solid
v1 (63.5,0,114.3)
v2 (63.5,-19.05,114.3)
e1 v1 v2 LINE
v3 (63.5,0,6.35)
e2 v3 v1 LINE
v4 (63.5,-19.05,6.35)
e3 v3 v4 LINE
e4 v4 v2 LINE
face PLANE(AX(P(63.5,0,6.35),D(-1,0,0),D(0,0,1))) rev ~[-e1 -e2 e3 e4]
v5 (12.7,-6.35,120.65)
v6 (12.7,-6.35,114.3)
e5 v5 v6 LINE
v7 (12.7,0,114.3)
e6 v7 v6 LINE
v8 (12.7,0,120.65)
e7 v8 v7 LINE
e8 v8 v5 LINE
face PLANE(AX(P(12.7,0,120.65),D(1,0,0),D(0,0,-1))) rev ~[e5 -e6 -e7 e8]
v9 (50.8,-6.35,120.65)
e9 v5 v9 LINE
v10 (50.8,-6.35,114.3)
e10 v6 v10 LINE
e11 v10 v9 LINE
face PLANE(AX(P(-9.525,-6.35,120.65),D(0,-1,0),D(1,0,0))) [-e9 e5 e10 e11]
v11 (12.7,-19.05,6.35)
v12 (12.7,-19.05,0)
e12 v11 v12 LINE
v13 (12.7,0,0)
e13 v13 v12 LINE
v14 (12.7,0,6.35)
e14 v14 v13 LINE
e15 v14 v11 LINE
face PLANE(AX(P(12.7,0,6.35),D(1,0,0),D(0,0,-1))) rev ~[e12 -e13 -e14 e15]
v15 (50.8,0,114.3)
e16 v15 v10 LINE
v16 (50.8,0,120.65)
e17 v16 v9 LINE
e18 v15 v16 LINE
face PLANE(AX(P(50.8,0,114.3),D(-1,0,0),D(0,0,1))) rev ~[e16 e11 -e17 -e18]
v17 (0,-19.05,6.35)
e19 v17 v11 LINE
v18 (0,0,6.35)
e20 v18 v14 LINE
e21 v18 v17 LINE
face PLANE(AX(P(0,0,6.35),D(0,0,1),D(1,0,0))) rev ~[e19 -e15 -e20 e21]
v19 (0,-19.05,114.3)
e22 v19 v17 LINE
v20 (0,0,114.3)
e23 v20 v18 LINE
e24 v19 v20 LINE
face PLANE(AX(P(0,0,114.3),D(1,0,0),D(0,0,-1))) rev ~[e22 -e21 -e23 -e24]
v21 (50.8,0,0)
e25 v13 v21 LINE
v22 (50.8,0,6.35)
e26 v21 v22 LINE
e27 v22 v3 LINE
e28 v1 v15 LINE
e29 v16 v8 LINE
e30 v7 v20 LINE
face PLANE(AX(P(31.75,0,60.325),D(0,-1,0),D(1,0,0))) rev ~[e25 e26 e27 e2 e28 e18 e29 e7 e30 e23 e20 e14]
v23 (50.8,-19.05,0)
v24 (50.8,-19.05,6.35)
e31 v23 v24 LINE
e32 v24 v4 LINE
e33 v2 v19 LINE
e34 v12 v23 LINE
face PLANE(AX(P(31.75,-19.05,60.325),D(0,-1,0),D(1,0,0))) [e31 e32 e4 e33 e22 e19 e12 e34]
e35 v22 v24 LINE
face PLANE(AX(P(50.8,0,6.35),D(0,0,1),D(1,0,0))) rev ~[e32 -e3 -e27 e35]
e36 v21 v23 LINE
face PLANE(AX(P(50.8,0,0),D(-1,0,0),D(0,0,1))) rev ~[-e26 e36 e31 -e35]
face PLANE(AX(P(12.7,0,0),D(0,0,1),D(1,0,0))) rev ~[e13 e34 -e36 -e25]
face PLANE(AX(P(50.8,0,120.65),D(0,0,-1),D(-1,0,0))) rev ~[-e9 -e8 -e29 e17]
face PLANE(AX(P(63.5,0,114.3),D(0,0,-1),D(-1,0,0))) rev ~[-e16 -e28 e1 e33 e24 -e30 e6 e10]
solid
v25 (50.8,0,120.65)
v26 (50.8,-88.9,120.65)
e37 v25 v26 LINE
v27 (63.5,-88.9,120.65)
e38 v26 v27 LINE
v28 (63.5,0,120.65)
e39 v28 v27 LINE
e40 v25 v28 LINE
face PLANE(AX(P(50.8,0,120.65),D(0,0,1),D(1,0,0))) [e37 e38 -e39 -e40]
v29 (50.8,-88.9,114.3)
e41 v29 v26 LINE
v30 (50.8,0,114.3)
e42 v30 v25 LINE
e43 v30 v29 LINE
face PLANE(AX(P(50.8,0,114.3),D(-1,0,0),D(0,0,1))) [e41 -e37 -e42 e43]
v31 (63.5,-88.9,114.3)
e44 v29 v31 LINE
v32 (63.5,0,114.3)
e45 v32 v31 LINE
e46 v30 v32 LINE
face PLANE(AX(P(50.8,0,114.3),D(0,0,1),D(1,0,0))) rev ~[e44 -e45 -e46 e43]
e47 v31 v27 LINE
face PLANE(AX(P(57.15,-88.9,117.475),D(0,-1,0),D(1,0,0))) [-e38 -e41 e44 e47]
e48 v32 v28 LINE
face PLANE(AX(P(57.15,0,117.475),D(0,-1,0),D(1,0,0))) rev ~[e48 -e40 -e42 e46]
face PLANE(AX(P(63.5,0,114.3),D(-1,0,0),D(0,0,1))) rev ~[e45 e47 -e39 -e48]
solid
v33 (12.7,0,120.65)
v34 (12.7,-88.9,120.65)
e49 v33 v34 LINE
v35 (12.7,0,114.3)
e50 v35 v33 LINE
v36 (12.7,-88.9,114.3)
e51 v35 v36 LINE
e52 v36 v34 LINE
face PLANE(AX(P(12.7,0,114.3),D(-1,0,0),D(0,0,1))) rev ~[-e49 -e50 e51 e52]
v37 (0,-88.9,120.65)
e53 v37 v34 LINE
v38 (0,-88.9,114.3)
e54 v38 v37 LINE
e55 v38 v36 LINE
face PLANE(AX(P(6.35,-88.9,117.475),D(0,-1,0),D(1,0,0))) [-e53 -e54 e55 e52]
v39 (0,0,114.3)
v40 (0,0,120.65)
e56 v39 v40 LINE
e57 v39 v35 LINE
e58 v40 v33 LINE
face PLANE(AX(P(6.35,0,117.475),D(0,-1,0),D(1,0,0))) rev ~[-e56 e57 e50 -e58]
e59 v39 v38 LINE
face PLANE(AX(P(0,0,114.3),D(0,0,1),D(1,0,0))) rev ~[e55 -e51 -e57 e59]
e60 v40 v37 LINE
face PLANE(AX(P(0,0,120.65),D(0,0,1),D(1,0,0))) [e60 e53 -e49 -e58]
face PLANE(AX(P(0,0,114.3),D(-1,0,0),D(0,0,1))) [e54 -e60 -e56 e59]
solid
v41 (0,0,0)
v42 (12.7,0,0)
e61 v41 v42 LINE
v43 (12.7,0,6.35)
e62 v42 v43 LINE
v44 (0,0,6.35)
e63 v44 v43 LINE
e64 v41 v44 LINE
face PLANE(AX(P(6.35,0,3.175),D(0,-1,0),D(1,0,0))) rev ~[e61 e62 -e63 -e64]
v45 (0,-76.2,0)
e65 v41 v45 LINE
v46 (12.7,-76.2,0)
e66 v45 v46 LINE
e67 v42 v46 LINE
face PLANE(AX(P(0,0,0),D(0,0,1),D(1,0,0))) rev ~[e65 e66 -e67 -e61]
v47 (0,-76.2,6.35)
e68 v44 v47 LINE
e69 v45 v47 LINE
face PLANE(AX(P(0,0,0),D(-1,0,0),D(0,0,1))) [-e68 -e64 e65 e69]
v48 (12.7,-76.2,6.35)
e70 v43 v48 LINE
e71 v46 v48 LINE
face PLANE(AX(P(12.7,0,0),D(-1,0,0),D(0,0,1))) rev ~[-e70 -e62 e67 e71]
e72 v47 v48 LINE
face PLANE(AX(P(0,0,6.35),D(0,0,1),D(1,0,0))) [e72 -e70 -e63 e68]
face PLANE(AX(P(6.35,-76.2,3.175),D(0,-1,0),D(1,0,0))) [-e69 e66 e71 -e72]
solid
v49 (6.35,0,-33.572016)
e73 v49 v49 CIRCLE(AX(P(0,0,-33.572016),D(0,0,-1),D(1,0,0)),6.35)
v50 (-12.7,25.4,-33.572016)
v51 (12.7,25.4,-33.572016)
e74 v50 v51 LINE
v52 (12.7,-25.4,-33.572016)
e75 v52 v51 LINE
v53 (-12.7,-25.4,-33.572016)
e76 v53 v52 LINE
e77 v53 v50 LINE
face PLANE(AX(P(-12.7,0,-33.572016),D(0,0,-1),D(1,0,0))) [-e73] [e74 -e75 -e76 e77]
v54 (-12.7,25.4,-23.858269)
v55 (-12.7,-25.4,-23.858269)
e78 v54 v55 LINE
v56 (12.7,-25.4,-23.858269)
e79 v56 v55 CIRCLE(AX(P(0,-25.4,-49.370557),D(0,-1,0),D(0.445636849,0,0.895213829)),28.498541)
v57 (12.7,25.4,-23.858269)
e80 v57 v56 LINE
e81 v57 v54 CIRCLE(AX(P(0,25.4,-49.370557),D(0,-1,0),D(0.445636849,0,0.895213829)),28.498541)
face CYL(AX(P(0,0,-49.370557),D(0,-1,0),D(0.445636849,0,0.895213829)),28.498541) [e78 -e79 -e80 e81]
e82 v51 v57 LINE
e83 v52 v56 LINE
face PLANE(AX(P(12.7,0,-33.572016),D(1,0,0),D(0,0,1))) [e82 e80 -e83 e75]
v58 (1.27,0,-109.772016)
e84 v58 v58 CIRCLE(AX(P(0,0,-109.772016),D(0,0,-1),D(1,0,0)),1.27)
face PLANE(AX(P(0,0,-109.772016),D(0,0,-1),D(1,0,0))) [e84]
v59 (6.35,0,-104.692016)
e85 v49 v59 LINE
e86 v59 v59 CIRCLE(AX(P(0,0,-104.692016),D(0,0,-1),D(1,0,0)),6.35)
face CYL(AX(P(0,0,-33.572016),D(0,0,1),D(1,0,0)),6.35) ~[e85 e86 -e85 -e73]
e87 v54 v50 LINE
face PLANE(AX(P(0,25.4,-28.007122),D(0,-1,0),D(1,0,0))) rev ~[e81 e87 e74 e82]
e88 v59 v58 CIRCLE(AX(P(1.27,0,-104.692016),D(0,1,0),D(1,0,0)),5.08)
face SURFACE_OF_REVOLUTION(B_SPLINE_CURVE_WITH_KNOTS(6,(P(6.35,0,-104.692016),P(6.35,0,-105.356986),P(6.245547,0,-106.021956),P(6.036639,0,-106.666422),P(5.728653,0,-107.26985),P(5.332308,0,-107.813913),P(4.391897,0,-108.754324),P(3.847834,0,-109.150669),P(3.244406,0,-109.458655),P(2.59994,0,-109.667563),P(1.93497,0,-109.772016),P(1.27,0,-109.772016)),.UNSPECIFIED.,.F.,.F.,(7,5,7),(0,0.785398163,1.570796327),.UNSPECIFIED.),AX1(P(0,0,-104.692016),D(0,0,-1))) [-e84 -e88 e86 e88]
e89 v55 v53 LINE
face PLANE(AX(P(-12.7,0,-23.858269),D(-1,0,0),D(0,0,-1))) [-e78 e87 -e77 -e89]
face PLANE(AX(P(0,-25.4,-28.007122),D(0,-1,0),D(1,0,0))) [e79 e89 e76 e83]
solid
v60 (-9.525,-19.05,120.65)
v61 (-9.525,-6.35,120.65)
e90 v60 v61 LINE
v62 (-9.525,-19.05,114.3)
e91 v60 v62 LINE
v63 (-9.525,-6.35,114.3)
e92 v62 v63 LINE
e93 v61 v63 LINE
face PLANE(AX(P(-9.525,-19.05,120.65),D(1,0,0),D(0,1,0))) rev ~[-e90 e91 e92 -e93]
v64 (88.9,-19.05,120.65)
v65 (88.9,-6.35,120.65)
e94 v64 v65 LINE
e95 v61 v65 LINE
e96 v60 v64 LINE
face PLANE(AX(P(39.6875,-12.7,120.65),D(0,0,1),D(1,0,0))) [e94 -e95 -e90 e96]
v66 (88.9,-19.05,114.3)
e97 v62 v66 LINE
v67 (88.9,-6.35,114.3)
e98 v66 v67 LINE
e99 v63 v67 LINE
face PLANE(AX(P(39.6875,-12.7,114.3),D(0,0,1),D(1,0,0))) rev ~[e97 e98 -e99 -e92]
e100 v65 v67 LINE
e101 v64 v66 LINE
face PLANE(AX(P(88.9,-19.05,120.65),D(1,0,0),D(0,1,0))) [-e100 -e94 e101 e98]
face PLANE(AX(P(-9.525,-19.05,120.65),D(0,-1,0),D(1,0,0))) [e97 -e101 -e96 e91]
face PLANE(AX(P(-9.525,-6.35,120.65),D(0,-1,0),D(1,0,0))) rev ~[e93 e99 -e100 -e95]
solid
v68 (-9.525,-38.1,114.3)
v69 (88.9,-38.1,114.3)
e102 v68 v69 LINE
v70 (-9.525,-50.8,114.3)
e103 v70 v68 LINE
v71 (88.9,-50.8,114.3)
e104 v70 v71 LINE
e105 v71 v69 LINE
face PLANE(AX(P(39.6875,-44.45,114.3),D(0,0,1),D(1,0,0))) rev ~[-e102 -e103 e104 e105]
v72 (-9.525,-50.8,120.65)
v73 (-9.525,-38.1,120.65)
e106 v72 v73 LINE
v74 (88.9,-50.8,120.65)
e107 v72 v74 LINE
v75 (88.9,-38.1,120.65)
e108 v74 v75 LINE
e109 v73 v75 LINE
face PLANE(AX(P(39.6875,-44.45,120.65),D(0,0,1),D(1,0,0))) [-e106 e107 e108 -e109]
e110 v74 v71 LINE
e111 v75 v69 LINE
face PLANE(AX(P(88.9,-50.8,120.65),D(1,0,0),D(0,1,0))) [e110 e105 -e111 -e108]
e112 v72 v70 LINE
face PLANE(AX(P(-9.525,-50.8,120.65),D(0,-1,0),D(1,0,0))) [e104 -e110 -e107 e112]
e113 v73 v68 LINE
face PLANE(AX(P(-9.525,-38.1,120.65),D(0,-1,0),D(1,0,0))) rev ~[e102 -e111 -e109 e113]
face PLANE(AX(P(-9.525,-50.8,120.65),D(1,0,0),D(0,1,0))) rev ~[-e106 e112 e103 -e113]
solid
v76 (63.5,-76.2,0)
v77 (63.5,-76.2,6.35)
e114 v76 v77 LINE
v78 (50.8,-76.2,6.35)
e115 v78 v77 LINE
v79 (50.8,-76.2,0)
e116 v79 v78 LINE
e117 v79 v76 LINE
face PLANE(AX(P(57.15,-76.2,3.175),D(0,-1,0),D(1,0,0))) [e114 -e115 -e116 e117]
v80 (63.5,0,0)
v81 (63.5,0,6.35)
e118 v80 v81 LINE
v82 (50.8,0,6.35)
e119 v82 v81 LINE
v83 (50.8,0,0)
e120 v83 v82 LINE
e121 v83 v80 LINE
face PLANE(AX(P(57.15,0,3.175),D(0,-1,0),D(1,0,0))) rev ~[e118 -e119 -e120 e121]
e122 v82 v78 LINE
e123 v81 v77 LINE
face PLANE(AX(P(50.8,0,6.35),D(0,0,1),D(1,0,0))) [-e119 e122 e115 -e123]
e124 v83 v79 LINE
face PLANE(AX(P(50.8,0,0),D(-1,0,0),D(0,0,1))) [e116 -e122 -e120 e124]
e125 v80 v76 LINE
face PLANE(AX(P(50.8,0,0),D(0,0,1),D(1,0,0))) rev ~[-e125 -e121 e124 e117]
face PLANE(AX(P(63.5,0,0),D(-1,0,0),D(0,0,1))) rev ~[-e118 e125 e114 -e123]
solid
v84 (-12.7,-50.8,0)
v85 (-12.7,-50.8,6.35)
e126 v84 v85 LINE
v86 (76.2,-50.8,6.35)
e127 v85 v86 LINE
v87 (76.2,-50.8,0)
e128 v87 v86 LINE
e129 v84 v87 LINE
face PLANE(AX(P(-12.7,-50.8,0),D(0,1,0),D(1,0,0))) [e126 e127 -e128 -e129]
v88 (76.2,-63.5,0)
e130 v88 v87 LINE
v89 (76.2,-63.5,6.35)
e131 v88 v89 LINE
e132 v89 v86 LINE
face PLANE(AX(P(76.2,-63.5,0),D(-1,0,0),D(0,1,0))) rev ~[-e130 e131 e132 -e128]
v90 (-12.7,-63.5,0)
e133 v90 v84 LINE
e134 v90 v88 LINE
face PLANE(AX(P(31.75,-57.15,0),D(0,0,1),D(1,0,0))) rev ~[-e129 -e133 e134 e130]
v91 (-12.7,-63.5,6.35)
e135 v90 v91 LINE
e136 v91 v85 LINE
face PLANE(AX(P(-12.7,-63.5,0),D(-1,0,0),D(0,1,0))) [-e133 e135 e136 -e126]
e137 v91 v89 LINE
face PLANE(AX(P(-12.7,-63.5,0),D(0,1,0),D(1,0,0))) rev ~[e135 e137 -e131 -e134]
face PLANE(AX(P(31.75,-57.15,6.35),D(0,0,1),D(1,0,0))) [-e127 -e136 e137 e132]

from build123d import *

# Parameters (mm, degrees)
F1_DEPTH  = 19.05
F2_W      = 12.7
F2_H      = 6.35
F3_DEPTH  = 76.2
F4_W      = 12.7
F4_H      = 6.35
F5_DEPTH  = 88.9
F7_DEPTH  = 25.4
F8_R      = 6.35
F9_DEPTH  = 76.2
F10_R     = 5.08
F11_W     = 98.425
F11_H     = 12.7
F12_DEPTH = 6.35
F13_W     = 88.9
F13_H     = 12.7
F14_DEPTH = 6.35


with BuildPart() as f1:
    # F0 (on Front) → F1 (new body)
    with BuildSketch(Plane.XZ):
        Polygon((12.7, 6.35), (12.7, 0), (50.8, 0), (50.8, 6.35), (63.5, 6.35), (63.5, 114.3), (50.8, 114.3), (50.8, 120.65), (12.7, 120.65), (12.7, 114.3), (0, 114.3), (0, 6.35), align=None)
    extrude(amount=F1_DEPTH)


with BuildPart() as f3:
    # F2 (on Front) → F3 (new body)
    with BuildSketch(Plane.XZ):
        with Locations((6.35, 3.175)):
            Rectangle(F2_W, F2_H)
        with Locations((57.15, 3.175)):
            Rectangle(F2_W, F2_H)
    extrude(amount=F3_DEPTH)


with BuildPart() as f5:
    # F4 (on Front) → F5 (new body)
    with BuildSketch(Plane.XZ):
        with Locations((6.35, 117.475)):
            Rectangle(F4_W, F4_H)
        with Locations((57.15, 117.475)):
            Rectangle(F4_W, F4_H)
    extrude(amount=F5_DEPTH)


with BuildPart() as f7:
    # F6 (on Front) → F7 (new body, symmetric)
    with BuildSketch(Plane.XZ):
        with BuildLine():
            Line((12.7, -33.572016), (12.7, -23.858269))
            ThreePointArc((12.7, -23.858269), (0, -20.872016), (-12.7, -23.858269))
            Line((-12.7, -23.858269), (-12.7, -33.572016))
            Line((-12.7, -33.572016), (12.7, -33.572016))
        make_face()
    extrude(amount=F7_DEPTH, both=True)

    # F8 (on face) → F9 (join)
    with BuildSketch(Plane(origin=(0, 0, -33.572016), x_dir=(1, 0, 0), z_dir=(0, 0, -1))):
        Circle(F8_R)
    extrude(amount=F9_DEPTH)

    # F10
    f10_edges = [f7.edges().sort_by_distance(p)[0] for p in [
        (-6.35, 0, -109.772016),
    ]]
    fillet(f10_edges, radius=F10_R)


with BuildPart() as f12:
    # F11 (on face) → F12 (new body, through all)
    with BuildSketch(Plane.XY.offset(120.65)):
        with Locations((39.6875, -12.7)):
            Rectangle(F11_W, F11_H)
        with Locations((39.6875, -44.45)):
            Rectangle(F11_W, F11_H)
    extrude(amount=-F12_DEPTH)


with BuildPart() as f14:
    # F13 (on Top) → F14 (new body, through all)
    with BuildSketch(Plane.XY):
        with Locations((31.75, -57.15)):
            Rectangle(F13_W, F13_H)
    extrude(amount=F14_DEPTH)


with BuildPart() as f1_1:
    add(f1.part)

    # F15: cut F12
    add(f12.part, mode=Mode.SUBTRACT)


solid = Compound([f3.part, f5.part, f7.part, f12.part, f14.part, f1_1.part])
